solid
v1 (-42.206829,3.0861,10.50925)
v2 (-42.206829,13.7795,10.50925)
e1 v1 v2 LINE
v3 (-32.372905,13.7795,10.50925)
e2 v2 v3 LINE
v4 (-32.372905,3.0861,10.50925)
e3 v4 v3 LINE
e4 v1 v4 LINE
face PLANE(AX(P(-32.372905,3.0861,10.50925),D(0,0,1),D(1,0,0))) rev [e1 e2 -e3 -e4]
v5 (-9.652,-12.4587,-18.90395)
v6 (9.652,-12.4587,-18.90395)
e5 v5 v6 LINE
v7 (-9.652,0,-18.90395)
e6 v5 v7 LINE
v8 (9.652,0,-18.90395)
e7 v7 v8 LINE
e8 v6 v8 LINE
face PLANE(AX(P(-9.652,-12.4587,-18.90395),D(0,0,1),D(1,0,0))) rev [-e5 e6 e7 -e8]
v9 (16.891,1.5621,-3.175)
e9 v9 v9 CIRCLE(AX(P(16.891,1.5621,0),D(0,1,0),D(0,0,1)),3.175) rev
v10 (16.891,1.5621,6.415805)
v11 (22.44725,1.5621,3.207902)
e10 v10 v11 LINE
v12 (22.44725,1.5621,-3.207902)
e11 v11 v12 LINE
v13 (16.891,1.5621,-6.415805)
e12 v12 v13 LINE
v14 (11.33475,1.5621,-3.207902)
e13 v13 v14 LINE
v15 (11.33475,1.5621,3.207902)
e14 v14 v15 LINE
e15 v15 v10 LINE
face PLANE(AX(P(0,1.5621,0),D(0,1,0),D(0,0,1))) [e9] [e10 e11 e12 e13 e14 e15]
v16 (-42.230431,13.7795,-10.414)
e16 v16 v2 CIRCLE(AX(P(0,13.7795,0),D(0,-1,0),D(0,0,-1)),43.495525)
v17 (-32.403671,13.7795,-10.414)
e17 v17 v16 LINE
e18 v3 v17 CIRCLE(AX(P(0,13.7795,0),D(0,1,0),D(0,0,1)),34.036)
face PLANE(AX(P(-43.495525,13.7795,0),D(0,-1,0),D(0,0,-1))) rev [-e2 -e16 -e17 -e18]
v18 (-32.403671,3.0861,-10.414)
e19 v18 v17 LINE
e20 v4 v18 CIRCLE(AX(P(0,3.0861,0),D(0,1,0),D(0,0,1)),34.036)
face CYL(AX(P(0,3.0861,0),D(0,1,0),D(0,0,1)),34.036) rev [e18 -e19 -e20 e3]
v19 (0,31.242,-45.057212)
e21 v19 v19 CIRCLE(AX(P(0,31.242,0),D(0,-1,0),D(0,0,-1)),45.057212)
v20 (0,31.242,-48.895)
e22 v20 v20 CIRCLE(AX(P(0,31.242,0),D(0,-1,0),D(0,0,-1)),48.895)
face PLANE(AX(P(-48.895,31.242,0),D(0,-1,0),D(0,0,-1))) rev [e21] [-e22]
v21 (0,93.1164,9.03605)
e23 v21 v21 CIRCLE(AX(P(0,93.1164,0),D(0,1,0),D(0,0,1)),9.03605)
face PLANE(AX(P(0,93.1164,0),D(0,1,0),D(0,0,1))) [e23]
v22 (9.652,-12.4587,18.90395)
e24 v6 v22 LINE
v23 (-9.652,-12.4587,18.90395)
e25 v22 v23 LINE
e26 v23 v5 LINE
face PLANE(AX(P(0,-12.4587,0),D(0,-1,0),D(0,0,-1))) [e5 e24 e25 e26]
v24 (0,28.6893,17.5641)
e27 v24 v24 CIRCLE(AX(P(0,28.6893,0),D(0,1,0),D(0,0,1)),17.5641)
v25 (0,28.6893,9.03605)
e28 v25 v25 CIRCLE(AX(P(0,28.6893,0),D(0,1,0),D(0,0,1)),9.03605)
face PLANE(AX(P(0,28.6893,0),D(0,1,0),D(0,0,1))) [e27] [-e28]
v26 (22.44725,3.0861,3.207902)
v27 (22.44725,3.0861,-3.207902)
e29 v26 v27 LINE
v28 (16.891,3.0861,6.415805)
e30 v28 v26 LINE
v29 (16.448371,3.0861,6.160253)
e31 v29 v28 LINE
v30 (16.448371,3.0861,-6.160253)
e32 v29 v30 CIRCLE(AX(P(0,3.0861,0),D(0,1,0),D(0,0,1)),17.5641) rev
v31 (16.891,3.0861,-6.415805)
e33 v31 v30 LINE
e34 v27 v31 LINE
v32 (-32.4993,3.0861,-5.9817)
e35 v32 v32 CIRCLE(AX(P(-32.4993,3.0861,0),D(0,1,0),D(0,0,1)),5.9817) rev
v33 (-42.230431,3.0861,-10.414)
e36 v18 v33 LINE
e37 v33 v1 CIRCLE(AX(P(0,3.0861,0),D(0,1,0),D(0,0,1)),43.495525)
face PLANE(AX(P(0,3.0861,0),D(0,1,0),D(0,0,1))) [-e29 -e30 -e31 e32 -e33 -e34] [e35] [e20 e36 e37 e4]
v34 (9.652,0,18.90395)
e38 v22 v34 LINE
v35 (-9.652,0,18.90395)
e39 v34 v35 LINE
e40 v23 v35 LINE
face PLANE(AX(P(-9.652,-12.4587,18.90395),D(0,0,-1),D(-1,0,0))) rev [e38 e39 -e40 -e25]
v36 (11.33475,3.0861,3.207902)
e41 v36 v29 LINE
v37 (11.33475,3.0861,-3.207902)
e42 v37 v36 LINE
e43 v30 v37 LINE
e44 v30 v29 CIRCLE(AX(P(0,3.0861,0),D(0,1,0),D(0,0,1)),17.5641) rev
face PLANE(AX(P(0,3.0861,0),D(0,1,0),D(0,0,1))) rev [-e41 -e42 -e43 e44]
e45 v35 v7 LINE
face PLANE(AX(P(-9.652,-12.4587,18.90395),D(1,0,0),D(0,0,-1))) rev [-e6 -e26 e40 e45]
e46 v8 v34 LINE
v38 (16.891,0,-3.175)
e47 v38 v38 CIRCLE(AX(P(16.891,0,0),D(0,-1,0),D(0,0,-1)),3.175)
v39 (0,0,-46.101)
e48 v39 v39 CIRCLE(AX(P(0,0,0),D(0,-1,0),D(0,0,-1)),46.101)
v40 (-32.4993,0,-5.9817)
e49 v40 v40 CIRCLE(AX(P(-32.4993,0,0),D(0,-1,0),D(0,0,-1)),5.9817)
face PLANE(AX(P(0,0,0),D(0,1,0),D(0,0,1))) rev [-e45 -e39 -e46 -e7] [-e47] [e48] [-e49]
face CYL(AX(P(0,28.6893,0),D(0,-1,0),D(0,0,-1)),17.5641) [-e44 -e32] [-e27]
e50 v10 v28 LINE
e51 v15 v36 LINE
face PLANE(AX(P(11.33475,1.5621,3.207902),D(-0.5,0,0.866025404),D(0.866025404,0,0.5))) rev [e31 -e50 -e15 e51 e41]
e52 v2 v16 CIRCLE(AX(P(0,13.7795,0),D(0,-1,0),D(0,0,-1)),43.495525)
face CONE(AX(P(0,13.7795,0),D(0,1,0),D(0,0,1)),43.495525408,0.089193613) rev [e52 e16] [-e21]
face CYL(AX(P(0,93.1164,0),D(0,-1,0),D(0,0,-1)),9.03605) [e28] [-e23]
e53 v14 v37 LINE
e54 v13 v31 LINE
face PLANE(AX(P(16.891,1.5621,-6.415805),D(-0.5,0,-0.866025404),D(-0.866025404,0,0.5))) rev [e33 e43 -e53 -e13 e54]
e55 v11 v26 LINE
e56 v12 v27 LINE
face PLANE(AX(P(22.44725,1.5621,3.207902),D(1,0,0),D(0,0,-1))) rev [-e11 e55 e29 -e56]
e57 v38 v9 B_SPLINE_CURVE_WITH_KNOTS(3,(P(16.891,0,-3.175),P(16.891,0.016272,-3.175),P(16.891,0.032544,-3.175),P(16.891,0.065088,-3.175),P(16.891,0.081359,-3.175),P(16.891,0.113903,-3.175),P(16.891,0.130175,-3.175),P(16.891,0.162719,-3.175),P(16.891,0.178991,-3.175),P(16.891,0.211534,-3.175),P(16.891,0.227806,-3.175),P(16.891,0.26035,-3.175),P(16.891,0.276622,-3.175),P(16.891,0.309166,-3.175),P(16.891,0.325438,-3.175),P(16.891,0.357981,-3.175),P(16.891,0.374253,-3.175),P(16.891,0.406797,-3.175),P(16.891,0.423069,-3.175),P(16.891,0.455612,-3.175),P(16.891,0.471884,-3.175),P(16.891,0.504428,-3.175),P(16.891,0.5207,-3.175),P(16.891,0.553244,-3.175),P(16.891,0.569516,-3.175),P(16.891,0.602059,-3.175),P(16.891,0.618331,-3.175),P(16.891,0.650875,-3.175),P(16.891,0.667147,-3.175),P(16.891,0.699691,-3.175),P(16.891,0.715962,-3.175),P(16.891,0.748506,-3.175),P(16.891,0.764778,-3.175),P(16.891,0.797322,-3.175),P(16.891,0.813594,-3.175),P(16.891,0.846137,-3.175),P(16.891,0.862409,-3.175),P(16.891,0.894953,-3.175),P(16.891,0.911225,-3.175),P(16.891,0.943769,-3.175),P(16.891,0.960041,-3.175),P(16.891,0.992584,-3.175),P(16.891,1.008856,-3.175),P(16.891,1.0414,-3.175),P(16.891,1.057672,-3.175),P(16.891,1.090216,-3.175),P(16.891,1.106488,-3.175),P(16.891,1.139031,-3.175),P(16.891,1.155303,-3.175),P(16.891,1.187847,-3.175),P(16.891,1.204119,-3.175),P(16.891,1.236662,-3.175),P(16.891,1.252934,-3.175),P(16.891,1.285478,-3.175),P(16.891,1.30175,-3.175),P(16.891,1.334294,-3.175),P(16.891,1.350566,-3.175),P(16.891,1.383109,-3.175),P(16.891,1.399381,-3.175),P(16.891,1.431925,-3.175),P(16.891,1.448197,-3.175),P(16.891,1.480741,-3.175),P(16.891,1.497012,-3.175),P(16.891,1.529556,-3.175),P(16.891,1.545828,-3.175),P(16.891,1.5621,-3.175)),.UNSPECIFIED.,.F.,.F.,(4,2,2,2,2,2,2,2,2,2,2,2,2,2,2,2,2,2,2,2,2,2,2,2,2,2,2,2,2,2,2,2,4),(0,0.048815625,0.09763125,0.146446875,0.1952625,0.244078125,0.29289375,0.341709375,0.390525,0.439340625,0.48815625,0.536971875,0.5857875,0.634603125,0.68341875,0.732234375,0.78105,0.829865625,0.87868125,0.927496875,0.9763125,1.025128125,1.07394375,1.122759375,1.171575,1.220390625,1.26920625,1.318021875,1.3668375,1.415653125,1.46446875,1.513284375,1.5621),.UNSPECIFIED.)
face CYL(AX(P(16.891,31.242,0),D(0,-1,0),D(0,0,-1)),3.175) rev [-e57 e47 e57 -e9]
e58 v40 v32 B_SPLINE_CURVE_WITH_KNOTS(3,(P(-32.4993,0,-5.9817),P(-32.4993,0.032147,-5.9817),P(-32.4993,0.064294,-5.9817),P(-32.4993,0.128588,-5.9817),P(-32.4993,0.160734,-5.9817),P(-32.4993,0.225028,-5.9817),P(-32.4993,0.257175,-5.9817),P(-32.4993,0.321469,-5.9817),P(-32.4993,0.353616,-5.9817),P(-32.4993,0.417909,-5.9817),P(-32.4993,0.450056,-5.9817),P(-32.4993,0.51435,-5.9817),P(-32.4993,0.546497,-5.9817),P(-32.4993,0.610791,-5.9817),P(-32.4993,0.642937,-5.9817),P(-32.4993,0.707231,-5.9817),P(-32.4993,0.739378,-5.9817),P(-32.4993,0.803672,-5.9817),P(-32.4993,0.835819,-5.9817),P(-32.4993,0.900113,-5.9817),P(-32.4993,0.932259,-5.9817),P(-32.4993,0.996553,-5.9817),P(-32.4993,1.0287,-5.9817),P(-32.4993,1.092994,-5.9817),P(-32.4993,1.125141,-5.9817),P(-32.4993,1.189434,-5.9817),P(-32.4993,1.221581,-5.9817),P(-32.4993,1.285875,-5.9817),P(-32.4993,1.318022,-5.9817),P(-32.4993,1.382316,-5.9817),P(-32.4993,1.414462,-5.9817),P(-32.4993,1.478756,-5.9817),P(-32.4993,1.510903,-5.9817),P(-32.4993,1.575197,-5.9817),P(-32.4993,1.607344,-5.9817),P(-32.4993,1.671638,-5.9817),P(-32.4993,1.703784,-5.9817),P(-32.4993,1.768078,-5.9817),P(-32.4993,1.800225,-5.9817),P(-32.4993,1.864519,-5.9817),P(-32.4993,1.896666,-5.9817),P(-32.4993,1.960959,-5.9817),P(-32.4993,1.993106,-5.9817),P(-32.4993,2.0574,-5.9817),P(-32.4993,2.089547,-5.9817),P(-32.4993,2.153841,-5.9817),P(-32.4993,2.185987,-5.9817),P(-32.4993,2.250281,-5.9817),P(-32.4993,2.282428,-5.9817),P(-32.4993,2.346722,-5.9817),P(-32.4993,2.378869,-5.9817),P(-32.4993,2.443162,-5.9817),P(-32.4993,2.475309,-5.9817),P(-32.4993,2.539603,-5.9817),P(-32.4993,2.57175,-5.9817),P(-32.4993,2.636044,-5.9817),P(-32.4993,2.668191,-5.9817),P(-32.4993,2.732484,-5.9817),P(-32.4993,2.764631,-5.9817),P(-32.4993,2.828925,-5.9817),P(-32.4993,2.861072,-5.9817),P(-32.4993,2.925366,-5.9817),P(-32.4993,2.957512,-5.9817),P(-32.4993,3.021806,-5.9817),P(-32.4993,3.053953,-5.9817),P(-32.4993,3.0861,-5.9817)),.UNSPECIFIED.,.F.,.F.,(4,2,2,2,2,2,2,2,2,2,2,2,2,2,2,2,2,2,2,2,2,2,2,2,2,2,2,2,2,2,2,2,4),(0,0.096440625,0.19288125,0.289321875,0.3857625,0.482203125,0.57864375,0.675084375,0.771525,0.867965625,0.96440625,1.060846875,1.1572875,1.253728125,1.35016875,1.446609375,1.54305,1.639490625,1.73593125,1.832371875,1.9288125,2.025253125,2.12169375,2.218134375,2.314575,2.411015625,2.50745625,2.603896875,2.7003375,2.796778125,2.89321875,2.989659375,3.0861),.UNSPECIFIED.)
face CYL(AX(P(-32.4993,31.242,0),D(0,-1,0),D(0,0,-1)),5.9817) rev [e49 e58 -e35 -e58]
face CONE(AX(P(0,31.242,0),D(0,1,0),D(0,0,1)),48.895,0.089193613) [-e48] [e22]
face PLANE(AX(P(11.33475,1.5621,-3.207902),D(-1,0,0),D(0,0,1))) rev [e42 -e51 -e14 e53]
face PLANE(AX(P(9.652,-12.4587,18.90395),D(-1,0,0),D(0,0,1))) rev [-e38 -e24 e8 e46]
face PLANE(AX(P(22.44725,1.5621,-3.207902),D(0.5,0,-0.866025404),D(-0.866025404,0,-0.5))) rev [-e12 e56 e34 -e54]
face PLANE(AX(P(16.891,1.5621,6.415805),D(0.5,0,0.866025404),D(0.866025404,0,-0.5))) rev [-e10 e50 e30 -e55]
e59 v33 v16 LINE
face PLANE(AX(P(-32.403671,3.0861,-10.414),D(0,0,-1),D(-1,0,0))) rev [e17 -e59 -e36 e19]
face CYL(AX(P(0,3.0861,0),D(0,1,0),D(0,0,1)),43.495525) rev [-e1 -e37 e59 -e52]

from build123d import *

# Parameters (mm, degrees)
SKETCH2_R           = 3.175
SKETCH2_R_2         = 5.9817
CUT_EXTRUDE1_DEPTH  = 76.878222264
CUT_EXTRUDE3_DEPTH  = 10.6934
SKETCH5_W           = 19.304
SKETCH5_H           = 37.8079
BOSS_EXTRUDE1_DEPTH = 12.4587
SKETCH6_R           = 17.5641
BOSS_EXTRUDE2_DEPTH = 25.6032
SKETCH7_R           = 9.03605
BOSS_EXTRUDE3_DEPTH = 64.4271
CUT_EXTRUDE2_DEPTH  = 1.524


with BuildPart() as part:
    # Sketch1 → Revolve1 (revolve)
    with BuildSketch(Plane.XY, mode=Mode.PRIVATE) as revolve1_sk:
        Polygon((0, 0), (-46.101, 0), (-48.895, 31.242), (-45.0572124, 31.242), (-43.495525408, 13.7795), (0, 13.7795), align=None)
    revolve(revolve1_sk.sketch.rotate(Axis((0, 0, 0), (0, 1, 0)), 270), axis=Axis((0, 0, 0), (0, 1, 0)))

    # Sketch2 → Cut-Extrude1 (cut, through all)
    with BuildSketch(Plane.XZ):
        with Locations(Location((16.891, 0, 0), (0, 0, 270))):
            Circle(SKETCH2_R)
        with Locations(Location((-32.4993, 0, 0), (0, 0, 270))):
            Circle(SKETCH2_R_2)
    extrude(amount=-CUT_EXTRUDE1_DEPTH, mode=Mode.SUBTRACT)

    # Sketch4 → Cut-Extrude3 (cut)
    with BuildSketch(Plane(origin=(0, 13.7795, 0), x_dir=(1, 0, 0), z_dir=(0, 1, 0))):
        with BuildLine():
            Line((-32.372904727, -10.50925), (-42.206828772, -10.50925))
            ThreePointArc((-42.206828772, -10.50925), (-43.495497734, -0.049065379), (-42.23043138, 10.414))
            Line((-42.23043138, 10.414), (-32.403671088, 10.414))
            ThreePointArc((-32.403671088, 10.414), (34.035963204, 0.050047806), (-32.372904727, -10.50925))
        make_face()
    extrude(amount=-CUT_EXTRUDE3_DEPTH, mode=Mode.SUBTRACT)

    # Sketch5 → Boss-Extrude1 (add)
    with BuildSketch(Plane.XZ):
        Rectangle(SKETCH5_W, SKETCH5_H)
    extrude(amount=BOSS_EXTRUDE1_DEPTH)

    # Sketch6 → Boss-Extrude2 (add)
    with BuildSketch(Plane(origin=(0, 3.0861, 0), x_dir=(1, 0, 0), z_dir=(0, 1, 0))):
        with Locations(Location((0, 0, 0), (0, 0, 10.335443893))):
            Circle(SKETCH6_R)
    extrude(amount=BOSS_EXTRUDE2_DEPTH)

    # Sketch7 → Boss-Extrude3 (add)
    with BuildSketch(Plane(origin=(0, 28.6893, 0), x_dir=(1, 0, 0), z_dir=(0, 1, 0))):
        with Locations(Location((0, 0, 0), (0, 0, 270))):
            Circle(SKETCH7_R)
    extrude(amount=BOSS_EXTRUDE3_DEPTH)

    # Sketch3 → Cut-Extrude2 (cut)
    with BuildSketch(Plane(origin=(0, 3.0861, 0), x_dir=(1, 0, 0), z_dir=(0, 1, 0))):
        Polygon((22.44725, -3.207902433), (22.44725, 3.207902433), (16.891, 6.415804866), (11.33475, 3.207902433), (11.33475, -3.207902433), (16.891, -6.415804866), align=None)
    extrude(amount=-CUT_EXTRUDE2_DEPTH, mode=Mode.SUBTRACT)


solid = part.part
